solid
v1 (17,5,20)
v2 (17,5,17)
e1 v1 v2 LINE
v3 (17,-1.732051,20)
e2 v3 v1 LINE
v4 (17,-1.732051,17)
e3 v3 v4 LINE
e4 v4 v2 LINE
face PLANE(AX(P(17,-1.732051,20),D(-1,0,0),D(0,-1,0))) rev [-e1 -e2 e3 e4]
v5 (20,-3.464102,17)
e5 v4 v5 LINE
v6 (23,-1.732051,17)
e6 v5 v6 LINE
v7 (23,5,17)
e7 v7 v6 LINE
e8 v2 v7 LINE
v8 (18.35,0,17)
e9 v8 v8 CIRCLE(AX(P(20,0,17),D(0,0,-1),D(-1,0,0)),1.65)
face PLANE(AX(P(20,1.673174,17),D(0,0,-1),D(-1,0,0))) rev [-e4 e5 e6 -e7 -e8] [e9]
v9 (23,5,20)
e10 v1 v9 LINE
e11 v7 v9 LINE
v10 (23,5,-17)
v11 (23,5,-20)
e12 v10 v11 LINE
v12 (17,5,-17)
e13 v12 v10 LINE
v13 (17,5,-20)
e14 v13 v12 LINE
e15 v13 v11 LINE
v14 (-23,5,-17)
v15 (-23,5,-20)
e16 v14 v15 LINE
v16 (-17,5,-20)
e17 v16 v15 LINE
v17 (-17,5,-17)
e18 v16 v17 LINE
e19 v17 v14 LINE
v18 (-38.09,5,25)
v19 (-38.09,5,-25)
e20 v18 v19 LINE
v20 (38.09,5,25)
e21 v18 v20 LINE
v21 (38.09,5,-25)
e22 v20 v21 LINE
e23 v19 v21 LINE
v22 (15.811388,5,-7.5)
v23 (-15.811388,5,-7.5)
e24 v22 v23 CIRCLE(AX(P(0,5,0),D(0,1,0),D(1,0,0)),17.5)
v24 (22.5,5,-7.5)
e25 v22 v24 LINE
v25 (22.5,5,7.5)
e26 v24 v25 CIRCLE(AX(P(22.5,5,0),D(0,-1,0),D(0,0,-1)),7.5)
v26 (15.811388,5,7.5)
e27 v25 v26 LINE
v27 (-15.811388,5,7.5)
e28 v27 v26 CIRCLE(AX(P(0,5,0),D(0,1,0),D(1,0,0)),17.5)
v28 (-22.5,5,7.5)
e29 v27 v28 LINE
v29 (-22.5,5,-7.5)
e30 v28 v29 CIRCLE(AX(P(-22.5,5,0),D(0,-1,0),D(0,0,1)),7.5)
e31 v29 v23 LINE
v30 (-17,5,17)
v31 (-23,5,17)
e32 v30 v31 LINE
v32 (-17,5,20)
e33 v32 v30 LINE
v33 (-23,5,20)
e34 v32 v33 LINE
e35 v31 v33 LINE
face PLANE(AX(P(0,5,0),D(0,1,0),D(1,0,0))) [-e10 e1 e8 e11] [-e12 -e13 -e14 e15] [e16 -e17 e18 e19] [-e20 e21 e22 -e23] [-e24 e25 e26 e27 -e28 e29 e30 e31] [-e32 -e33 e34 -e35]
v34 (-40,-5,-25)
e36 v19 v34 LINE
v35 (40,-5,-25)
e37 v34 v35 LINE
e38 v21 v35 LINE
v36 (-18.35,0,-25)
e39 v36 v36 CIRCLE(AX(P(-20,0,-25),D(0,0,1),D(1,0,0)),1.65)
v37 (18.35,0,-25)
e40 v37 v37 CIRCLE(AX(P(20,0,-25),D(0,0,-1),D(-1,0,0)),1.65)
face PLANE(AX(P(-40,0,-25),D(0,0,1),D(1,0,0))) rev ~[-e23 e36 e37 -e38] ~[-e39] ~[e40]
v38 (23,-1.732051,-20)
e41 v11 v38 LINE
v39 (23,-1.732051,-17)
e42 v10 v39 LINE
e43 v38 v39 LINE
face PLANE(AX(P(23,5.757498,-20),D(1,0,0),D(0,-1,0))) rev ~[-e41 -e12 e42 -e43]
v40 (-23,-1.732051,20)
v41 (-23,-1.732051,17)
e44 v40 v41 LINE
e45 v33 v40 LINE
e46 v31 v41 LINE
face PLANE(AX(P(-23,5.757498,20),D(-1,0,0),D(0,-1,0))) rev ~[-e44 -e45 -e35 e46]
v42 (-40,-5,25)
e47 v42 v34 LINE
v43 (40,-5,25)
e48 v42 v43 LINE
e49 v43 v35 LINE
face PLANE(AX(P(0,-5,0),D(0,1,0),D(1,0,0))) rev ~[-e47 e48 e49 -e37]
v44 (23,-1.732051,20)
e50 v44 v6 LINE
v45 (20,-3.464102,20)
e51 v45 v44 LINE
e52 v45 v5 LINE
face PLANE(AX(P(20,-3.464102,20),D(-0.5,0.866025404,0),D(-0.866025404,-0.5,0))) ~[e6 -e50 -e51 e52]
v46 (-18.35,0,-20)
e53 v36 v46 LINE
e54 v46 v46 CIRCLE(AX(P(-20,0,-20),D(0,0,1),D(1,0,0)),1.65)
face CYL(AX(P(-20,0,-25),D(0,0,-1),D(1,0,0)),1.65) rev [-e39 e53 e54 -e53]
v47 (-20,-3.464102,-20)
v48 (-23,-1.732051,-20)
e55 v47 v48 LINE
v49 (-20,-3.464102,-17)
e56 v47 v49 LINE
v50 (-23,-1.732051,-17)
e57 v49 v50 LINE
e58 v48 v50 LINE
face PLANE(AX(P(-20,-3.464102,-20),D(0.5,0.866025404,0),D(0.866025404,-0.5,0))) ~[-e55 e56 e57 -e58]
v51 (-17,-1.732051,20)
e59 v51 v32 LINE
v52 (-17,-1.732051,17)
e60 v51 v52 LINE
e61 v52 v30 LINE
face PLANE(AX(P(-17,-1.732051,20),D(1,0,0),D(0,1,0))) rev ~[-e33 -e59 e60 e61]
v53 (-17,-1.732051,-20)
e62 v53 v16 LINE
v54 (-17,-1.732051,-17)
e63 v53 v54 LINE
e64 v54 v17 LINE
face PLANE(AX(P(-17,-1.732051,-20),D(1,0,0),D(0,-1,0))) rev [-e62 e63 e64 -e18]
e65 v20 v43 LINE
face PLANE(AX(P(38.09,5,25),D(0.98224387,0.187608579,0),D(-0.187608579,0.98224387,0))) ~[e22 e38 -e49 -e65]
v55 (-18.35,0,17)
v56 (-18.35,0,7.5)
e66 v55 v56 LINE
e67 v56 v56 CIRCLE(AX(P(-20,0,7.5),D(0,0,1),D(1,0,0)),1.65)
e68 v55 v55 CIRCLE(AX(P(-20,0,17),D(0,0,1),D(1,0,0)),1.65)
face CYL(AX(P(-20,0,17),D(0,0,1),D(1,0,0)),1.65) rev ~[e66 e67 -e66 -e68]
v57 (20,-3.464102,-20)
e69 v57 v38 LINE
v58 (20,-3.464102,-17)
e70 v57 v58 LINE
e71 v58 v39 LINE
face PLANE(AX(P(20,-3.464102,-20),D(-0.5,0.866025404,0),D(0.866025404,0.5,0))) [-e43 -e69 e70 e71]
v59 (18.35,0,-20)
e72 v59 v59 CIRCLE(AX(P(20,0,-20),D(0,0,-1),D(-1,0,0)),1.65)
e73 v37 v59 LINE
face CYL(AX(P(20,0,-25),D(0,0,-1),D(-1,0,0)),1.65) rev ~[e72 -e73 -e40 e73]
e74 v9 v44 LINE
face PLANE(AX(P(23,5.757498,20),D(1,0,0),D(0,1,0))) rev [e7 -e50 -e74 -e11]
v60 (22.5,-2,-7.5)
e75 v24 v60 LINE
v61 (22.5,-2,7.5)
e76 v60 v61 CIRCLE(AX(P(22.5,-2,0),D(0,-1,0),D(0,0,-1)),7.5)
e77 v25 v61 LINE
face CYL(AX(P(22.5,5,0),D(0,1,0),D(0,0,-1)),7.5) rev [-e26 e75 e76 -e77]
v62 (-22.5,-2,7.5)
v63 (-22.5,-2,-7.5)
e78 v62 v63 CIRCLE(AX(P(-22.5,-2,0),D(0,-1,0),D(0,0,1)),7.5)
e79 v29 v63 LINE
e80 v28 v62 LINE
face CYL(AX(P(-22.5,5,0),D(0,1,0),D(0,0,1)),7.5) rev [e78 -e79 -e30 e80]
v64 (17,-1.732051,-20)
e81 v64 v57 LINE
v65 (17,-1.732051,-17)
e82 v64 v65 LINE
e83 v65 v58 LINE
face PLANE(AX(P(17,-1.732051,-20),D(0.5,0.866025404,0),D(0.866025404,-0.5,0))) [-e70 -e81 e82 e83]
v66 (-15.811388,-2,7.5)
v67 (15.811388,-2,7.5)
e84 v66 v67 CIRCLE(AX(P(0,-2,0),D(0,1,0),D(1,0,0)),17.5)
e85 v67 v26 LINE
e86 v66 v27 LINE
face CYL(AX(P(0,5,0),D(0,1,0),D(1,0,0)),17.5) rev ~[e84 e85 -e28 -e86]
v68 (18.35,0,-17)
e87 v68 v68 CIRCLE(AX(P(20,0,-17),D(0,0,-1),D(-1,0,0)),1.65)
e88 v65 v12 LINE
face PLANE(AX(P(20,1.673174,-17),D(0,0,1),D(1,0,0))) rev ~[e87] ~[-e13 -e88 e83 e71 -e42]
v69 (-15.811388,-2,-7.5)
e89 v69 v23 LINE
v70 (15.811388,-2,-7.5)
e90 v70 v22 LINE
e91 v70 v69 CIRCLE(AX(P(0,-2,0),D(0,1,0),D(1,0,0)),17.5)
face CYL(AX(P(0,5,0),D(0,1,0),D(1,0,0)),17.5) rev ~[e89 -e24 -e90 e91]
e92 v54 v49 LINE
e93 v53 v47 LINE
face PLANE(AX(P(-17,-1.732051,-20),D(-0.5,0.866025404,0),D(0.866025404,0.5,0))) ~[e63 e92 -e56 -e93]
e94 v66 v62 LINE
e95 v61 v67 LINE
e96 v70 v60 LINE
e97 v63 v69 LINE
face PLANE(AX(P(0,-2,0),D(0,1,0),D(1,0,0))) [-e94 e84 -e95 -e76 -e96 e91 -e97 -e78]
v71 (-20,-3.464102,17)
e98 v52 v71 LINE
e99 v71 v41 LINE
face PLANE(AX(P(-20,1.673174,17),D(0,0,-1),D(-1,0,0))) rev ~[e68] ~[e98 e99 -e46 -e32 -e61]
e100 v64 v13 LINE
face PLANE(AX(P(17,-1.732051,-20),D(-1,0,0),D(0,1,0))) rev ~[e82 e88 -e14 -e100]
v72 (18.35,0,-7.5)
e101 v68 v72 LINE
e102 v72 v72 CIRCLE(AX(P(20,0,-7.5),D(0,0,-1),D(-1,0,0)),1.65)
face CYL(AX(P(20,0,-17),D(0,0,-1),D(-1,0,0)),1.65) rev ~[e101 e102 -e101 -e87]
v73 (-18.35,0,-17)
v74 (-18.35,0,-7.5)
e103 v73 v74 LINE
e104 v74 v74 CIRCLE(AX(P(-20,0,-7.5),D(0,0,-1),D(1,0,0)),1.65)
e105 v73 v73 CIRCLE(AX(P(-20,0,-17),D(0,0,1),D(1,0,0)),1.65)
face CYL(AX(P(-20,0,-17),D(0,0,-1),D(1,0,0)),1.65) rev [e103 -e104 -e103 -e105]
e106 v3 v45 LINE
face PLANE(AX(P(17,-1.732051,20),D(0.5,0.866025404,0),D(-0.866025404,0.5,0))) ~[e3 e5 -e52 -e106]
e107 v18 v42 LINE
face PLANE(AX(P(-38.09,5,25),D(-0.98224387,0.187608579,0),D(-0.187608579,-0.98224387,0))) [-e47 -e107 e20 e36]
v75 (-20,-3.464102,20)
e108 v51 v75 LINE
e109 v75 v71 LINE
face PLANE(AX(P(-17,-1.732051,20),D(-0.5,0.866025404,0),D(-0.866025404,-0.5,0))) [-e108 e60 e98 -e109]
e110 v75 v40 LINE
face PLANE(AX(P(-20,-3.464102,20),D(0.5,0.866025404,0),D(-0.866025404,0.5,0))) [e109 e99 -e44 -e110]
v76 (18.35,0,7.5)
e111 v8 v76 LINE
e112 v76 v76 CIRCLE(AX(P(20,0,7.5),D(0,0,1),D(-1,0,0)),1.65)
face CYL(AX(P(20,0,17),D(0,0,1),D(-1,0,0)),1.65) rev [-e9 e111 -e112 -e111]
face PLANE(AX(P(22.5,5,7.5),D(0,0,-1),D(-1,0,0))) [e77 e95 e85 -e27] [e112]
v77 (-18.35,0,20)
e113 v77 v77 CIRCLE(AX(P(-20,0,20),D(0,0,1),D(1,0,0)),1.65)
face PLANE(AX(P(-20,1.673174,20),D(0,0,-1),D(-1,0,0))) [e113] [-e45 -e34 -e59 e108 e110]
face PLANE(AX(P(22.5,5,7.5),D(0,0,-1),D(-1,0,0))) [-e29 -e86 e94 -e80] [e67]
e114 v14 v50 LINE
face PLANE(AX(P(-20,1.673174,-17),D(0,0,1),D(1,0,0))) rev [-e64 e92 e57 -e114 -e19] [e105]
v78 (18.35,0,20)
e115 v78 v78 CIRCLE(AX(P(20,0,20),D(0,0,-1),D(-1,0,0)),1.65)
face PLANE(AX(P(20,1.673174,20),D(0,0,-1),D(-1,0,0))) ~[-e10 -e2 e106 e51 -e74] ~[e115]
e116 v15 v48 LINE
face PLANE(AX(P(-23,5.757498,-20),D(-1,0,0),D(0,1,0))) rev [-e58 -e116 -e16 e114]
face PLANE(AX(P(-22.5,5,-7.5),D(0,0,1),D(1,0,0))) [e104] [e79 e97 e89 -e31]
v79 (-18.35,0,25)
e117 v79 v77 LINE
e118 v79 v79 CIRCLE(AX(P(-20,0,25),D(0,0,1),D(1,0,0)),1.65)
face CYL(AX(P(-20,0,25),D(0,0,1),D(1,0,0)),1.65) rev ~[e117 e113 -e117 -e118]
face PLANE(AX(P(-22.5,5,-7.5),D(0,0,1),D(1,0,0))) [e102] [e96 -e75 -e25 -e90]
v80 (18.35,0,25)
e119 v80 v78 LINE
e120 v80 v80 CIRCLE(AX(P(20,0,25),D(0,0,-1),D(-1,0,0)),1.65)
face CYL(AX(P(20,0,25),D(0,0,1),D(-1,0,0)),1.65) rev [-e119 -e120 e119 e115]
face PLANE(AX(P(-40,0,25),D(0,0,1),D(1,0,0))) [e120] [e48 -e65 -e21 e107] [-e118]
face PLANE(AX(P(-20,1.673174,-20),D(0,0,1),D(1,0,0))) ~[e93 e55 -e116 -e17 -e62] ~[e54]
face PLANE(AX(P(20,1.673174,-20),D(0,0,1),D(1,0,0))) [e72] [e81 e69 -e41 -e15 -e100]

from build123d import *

# Parameters (mm, degrees)
SKETCH1_W               = 80
SKETCH1_H               = 50
BOSS_EXTRUDE1_DEPTH     = 5
SKETCH3_R               = 1.65
CUT_EXTRUDE1_DEPTH      = 5
CUT_EXTRUDE2_DEPTH      = 3
SKETCH5_R               = 1.65
CUT_EXTRUDE3_DEPTH      = 10
MIRROR2_COPY_1_SKETCH_R = 1.65
MIRROR2_COPY_1_DEPTH    = 5
MIRROR2_COPY_2_DEPTH    = 3
MIRROR2_COPY_3_SKETCH_R = 1.65
MIRROR2_COPY_3_DEPTH    = 10
CUT_EXTRUDE4_DEPTH      = 51
SKETCH7_R               = 17.5
CUT_EXTRUDE5_DEPTH      = 7
CUT_EXTRUDE6_DEPTH      = 7


with BuildPart() as part:
    # Sketch1 → Boss-Extrude1 (new body, symmetric)
    with BuildSketch(Plane(origin=(0, 0, 0), x_dir=(1, 0, 0), z_dir=(0, 1, 0))):
        Rectangle(SKETCH1_W, SKETCH1_H)
    extrude(amount=BOSS_EXTRUDE1_DEPTH, both=True)

    # Sketch3 → Cut-Extrude1 (cut)
    with BuildSketch(Plane.XY.offset(25)):
        with Locations((-20, 0)):
            Circle(SKETCH3_R)
    cut_extrude1 = extrude(amount=-CUT_EXTRUDE1_DEPTH, mode=Mode.SUBTRACT)

    # Sketch4 → Cut-Extrude2 (cut)
    with BuildSketch(Plane.XY.offset(20)):
        Polygon((-23, 1.732050808), (-23, 5.757498214), (-17, 5.757498214), (-17, 1.732050808), (-17, -1.732050808), (-20, -3.464101615), (-23, -1.732050808), align=None)
    cut_extrude2 = extrude(amount=-CUT_EXTRUDE2_DEPTH, mode=Mode.SUBTRACT)

    # Sketch5 → Cut-Extrude3 (cut)
    with BuildSketch(Plane.XY.offset(17)):
        with Locations((-20, 0)):
            Circle(SKETCH5_R)
    cut_extrude3 = extrude(amount=-CUT_EXTRUDE3_DEPTH, mode=Mode.SUBTRACT)

    # Mirror1: Cut-Extrude1, Cut-Extrude2, Cut-Extrude3 across plane
    add(cut_extrude1.mirror(Plane(origin=(0, 0, 0), x_dir=(0, 0, 1), z_dir=(1, 0, 0))), mode=Mode.SUBTRACT)
    add(cut_extrude2.mirror(Plane(origin=(0, 0, 0), x_dir=(0, 0, 1), z_dir=(1, 0, 0))), mode=Mode.SUBTRACT)
    add(cut_extrude3.mirror(Plane(origin=(0, 0, 0), x_dir=(0, 0, 1), z_dir=(1, 0, 0))), mode=Mode.SUBTRACT)

    # Mirror2: Cut-Extrude1, Cut-Extrude2, Cut-Extrude3 across plane
    add(cut_extrude1.mirror(Plane.XY), mode=Mode.SUBTRACT)
    add(cut_extrude2.mirror(Plane.XY), mode=Mode.SUBTRACT)
    add(cut_extrude3.mirror(Plane.XY), mode=Mode.SUBTRACT)

    # Mirror2 copy 1 sketch → Mirror2 copy 1 (cut)
    with BuildSketch(Plane(origin=(0, 0, -25), x_dir=(-1, 0, 0), z_dir=(0, 0, -1))):
        with Locations((-20, 0)):
            Circle(MIRROR2_COPY_1_SKETCH_R)
    extrude(amount=-MIRROR2_COPY_1_DEPTH, mode=Mode.SUBTRACT)

    # Mirror2 copy 2 sketch → Mirror2 copy 2 (cut)
    with BuildSketch(Plane(origin=(0, 0, -20), x_dir=(-1, 0, 0), z_dir=(0, 0, -1))):
        Polygon((-23, 1.732050808), (-23, 5.757498214), (-17, 5.757498214), (-17, 1.732050808), (-17, -1.732050808), (-20, -3.464101615), (-23, -1.732050808), align=None)
    extrude(amount=-MIRROR2_COPY_2_DEPTH, mode=Mode.SUBTRACT)

    # Mirror2 copy 3 sketch → Mirror2 copy 3 (cut)
    with BuildSketch(Plane(origin=(0, 0, -17), x_dir=(-1, 0, 0), z_dir=(0, 0, -1))):
        with Locations((-20, 0)):
            Circle(MIRROR2_COPY_3_SKETCH_R)
    extrude(amount=-MIRROR2_COPY_3_DEPTH, mode=Mode.SUBTRACT)

    # Sketch6 → Cut-Extrude4 (cut, through all)
    with BuildSketch(Plane.XY.offset(25)):
        Polygon((-40, 5), (-38.09, 5), (-40, -5), align=None)
    cut_extrude4 = extrude(amount=-CUT_EXTRUDE4_DEPTH, mode=Mode.SUBTRACT)

    # Mirror3: Cut-Extrude4 across plane
    add(cut_extrude4.mirror(Plane(origin=(0, 0, 0), x_dir=(0, 0, 1), z_dir=(1, 0, 0))), mode=Mode.SUBTRACT)

    # Sketch7 → Cut-Extrude5 (cut)
    with BuildSketch(Plane(origin=(0, 5, 0), x_dir=(1, 0, 0), z_dir=(0, 1, 0))):
        Circle(SKETCH7_R)
    extrude(amount=-CUT_EXTRUDE5_DEPTH, mode=Mode.SUBTRACT)

    # Sketch8 → Cut-Extrude6 (cut)
    with BuildSketch(Plane(origin=(0, 5, 0), x_dir=(1, 0, 0), z_dir=(0, 1, 0))):
        with BuildLine():
            Line((22.5, -7.5), (-22.5, -7.5))
            ThreePointArc((-22.5, -7.5), (-30, 0), (-22.5, 7.5))
            Line((-22.5, 7.5), (22.5, 7.5))
            ThreePointArc((22.5, 7.5), (30, 0), (22.5, -7.5))
        make_face()
    extrude(amount=-CUT_EXTRUDE6_DEPTH, mode=Mode.SUBTRACT)


solid = part.part
